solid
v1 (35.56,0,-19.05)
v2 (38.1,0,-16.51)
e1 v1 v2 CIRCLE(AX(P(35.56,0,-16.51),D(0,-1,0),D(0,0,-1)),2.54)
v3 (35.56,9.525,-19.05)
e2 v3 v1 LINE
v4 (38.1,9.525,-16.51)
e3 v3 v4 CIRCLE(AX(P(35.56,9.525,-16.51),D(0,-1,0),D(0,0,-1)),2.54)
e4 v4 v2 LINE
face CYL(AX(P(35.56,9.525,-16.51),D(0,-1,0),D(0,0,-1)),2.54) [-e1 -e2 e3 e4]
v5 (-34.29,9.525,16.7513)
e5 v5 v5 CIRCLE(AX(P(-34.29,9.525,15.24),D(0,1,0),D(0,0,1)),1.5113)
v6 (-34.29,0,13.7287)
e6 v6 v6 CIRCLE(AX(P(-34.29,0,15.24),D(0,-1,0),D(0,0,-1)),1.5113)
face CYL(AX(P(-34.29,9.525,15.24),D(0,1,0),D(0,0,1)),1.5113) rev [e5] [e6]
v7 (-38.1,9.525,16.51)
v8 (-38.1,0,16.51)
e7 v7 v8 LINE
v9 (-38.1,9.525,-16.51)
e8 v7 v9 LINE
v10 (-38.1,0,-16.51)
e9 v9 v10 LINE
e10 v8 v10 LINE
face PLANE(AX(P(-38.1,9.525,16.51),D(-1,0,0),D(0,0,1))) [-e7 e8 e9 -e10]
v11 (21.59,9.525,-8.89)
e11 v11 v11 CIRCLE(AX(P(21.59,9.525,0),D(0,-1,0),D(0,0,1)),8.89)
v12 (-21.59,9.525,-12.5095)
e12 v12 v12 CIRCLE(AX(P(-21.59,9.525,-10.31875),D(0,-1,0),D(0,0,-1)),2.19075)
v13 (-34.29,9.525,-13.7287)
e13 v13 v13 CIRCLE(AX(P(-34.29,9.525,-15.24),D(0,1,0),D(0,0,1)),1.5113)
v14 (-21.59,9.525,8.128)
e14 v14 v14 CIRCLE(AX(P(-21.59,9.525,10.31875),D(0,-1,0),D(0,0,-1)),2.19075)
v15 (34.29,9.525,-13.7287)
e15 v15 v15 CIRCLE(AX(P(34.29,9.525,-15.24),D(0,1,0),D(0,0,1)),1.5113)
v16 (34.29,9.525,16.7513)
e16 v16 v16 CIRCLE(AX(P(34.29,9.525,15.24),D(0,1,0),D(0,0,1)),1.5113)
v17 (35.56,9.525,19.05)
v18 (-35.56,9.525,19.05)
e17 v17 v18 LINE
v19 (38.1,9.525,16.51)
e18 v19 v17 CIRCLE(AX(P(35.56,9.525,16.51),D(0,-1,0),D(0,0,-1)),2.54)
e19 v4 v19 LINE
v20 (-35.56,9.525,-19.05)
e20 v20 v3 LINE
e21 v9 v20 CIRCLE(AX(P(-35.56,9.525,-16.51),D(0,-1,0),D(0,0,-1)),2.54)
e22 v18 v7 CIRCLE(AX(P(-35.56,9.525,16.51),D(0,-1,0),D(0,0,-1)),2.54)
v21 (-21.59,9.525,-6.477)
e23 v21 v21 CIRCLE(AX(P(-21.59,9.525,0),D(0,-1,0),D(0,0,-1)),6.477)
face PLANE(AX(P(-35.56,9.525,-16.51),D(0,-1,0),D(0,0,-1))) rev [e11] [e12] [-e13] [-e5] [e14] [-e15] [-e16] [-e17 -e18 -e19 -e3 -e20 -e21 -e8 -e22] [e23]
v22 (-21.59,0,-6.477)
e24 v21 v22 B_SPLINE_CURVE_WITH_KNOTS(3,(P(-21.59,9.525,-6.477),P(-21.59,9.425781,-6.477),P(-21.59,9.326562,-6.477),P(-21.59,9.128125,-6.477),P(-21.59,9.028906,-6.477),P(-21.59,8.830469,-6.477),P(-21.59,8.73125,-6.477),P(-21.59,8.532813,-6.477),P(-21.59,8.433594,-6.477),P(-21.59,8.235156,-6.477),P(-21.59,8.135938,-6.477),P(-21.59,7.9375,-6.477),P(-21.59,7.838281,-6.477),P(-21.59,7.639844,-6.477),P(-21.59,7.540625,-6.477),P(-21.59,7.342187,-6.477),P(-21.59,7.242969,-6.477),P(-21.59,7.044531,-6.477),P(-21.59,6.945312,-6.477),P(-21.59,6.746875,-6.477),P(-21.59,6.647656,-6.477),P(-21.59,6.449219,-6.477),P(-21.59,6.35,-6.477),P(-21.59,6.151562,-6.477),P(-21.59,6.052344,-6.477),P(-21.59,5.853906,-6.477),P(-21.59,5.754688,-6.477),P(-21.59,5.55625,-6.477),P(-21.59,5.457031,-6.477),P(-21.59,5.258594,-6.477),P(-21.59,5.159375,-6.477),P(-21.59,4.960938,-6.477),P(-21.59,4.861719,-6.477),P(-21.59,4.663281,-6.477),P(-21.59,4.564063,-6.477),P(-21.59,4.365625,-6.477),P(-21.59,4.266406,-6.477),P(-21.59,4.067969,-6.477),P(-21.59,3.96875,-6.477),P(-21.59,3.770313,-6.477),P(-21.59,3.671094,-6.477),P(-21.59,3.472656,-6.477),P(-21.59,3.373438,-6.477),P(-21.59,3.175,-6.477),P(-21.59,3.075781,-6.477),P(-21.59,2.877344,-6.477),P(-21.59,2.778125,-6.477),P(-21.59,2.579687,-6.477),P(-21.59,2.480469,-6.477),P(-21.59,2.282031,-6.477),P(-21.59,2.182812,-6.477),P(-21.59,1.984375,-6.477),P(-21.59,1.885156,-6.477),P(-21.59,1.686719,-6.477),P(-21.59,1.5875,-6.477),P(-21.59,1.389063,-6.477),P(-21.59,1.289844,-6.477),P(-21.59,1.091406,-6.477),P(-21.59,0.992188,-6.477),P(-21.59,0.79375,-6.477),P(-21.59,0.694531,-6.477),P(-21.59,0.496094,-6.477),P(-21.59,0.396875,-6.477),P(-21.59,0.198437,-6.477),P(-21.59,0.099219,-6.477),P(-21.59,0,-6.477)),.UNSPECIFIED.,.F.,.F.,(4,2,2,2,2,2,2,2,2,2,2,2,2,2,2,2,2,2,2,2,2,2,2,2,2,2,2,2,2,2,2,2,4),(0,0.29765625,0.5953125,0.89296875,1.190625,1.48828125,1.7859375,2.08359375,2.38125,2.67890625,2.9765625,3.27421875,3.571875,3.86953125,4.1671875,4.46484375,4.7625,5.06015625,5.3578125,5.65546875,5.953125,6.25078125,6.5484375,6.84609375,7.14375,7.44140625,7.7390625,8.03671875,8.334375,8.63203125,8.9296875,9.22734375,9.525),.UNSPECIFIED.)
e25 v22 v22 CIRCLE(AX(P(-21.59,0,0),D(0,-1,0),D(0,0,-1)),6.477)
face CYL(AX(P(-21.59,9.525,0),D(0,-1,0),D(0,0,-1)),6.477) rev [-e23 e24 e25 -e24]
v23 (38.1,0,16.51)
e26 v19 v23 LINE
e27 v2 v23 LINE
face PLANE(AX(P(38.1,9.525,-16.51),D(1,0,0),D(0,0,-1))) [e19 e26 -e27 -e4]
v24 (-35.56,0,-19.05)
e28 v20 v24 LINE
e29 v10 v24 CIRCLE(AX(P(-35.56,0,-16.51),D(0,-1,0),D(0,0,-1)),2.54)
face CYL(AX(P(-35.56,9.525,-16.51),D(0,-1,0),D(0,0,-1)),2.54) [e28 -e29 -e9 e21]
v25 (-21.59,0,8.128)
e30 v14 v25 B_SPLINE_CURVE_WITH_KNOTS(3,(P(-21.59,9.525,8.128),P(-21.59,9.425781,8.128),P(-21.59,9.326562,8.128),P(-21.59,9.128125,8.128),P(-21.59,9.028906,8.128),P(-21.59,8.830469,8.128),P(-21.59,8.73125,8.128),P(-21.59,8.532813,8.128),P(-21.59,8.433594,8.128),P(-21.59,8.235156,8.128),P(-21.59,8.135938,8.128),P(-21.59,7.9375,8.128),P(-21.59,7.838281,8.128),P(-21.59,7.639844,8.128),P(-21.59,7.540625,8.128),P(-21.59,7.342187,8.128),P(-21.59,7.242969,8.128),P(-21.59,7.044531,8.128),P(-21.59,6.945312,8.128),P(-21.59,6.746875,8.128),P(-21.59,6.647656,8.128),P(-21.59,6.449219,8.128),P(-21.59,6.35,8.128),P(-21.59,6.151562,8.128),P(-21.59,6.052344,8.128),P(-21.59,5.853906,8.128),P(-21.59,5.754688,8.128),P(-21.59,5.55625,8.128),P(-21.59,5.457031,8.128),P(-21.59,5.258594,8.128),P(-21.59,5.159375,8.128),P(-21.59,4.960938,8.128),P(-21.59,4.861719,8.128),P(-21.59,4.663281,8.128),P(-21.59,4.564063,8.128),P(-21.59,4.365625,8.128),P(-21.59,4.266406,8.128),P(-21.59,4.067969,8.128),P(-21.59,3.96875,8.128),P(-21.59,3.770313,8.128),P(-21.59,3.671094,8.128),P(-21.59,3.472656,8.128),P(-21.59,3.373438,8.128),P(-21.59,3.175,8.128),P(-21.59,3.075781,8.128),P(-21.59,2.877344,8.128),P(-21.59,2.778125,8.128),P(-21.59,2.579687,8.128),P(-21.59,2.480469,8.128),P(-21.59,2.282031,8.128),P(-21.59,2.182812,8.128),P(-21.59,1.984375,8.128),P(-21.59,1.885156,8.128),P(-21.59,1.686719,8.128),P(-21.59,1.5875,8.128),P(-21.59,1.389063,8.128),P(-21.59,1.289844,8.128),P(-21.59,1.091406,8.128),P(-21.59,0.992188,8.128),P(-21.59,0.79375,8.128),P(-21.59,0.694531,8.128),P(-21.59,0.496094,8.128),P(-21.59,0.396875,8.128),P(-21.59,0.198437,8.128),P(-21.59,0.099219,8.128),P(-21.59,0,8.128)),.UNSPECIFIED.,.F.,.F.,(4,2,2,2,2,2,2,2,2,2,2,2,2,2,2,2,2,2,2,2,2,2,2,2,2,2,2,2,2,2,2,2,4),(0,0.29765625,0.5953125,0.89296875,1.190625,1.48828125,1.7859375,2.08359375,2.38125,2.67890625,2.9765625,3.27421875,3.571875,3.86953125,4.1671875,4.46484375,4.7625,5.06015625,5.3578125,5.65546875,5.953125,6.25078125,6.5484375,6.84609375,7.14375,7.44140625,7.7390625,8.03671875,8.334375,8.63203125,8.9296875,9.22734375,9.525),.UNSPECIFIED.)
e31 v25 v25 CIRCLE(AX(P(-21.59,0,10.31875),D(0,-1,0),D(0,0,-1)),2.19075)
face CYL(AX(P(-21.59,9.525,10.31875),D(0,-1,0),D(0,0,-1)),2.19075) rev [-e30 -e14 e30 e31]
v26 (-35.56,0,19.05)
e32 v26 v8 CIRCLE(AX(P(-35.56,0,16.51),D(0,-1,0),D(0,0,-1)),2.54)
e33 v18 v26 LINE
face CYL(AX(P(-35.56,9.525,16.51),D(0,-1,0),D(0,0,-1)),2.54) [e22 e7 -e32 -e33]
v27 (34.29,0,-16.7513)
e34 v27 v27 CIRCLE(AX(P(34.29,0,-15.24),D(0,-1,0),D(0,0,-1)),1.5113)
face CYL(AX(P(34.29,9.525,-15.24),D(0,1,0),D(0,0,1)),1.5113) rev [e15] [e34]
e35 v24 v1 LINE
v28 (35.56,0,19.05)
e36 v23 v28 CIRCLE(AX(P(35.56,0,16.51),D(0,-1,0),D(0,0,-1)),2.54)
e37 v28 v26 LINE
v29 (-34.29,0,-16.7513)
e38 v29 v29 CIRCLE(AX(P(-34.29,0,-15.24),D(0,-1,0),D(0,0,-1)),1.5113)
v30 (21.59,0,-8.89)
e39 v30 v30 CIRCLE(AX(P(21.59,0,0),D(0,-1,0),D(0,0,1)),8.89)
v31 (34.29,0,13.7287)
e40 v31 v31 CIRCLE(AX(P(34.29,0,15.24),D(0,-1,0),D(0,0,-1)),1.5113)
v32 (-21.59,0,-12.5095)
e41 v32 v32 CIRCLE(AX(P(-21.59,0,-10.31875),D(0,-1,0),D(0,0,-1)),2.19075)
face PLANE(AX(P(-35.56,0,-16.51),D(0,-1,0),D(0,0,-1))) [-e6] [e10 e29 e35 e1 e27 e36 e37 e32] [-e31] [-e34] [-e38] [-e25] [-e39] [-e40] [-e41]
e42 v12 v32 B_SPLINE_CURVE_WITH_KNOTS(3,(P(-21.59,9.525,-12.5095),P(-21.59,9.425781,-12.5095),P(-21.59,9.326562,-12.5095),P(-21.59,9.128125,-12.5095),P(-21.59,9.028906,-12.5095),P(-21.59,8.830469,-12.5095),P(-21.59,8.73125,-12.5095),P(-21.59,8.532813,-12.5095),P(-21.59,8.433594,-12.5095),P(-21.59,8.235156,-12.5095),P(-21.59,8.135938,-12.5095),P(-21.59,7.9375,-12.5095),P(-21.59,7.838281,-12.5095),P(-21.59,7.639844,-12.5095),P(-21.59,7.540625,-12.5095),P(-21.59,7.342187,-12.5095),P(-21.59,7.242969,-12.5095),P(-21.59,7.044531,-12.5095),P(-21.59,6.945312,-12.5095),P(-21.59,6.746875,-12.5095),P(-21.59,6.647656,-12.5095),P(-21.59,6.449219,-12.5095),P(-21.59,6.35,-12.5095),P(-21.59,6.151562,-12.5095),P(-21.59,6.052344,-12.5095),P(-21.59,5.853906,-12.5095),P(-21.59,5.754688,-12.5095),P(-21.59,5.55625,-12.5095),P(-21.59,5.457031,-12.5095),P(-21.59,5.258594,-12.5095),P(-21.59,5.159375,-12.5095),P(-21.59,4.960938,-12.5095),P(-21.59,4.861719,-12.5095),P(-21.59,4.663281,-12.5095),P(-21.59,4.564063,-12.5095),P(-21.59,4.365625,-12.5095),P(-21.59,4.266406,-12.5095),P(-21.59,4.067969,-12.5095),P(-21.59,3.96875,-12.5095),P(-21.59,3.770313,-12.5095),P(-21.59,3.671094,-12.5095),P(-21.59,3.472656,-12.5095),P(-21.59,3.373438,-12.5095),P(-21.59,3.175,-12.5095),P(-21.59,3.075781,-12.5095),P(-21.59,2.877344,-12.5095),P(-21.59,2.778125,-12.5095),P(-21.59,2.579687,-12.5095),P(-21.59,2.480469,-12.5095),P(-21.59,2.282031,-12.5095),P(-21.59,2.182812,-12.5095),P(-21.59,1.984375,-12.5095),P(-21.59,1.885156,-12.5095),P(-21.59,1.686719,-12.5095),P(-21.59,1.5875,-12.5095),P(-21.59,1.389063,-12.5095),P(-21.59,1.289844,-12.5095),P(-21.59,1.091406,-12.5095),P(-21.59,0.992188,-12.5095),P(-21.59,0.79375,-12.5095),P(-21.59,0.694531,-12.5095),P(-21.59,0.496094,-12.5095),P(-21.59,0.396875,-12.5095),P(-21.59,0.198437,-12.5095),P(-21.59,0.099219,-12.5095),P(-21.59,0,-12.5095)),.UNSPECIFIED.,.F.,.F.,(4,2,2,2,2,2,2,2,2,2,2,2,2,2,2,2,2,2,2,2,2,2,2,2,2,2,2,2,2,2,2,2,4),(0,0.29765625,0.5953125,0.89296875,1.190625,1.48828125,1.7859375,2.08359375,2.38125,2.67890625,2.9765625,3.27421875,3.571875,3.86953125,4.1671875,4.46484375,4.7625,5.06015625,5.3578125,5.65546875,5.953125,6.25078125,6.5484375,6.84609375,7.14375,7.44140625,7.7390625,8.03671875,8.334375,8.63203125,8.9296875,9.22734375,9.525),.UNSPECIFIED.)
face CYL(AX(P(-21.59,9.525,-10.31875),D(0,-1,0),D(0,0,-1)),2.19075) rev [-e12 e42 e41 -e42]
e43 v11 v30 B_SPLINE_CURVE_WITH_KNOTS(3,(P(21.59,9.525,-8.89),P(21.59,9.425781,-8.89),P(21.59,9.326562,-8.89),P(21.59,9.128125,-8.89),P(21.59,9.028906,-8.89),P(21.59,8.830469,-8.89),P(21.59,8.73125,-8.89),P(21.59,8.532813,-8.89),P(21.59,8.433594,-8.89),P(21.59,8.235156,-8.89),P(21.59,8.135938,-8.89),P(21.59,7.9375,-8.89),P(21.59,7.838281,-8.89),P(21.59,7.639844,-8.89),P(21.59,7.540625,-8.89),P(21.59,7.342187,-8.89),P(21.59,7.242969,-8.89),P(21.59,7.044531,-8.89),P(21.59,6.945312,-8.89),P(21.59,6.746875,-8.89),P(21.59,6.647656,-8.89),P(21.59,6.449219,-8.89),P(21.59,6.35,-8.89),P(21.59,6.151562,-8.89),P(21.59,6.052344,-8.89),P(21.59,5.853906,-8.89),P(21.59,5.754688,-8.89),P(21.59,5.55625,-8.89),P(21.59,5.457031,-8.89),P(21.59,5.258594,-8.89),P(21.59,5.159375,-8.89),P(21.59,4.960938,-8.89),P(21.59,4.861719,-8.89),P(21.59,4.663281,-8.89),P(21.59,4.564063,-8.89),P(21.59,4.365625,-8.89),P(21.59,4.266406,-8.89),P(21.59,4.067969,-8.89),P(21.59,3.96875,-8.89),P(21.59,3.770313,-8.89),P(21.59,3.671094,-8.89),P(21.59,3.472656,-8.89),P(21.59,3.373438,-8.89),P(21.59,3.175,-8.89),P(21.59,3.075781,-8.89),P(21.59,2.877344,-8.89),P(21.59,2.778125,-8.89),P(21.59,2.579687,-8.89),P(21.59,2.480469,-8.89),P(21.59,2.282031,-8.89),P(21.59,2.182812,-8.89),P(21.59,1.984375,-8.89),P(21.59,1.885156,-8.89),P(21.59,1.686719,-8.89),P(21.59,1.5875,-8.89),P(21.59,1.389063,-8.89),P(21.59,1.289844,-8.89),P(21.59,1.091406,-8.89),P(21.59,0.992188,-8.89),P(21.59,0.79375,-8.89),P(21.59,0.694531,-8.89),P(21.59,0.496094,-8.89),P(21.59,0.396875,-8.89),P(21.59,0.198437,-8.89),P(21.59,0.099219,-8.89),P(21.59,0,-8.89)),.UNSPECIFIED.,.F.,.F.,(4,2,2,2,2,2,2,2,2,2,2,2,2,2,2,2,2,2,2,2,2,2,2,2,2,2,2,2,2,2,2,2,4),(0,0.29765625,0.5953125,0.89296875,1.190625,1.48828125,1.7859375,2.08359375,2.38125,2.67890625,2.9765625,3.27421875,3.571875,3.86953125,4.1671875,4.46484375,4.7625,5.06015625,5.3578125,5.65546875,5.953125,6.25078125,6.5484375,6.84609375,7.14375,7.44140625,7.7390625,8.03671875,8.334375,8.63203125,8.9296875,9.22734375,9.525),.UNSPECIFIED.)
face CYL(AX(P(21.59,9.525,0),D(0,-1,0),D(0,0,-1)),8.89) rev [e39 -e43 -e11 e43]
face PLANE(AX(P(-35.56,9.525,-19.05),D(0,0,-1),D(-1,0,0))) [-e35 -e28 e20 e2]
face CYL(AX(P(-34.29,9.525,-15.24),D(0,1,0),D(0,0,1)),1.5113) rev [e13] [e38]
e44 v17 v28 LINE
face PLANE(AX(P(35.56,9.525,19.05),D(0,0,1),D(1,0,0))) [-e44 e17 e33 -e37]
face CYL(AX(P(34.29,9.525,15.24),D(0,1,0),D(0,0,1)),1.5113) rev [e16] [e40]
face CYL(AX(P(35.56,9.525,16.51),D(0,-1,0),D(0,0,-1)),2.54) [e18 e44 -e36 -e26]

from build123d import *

# Parameters (mm, degrees)
SKETCH1_R                 = 6.477
SKETCH1_R_2               = 2.19075
SKETCH1_R_3               = 8.89
BOSS_EXTRUDE1_DEPTH       = 9.525
F_1_0MM_DOWEL_HOLE1_D     = 3.0226
F_1_0MM_DOWEL_HOLE1_DEPTH = 9.99998
F_1_0MM_DOWEL_HOLE1_TIP   = 0.908080654


with BuildPart() as part:
    # Sketch1 → Boss-Extrude1 (new body)
    with BuildSketch(Plane.XZ):
        with BuildLine():
            Line((-35.56, -19.05), (35.56, -19.05))
            ThreePointArc((35.56, -19.05), (37.356051224, -18.306051224), (38.1, -16.51))
            Line((38.1, -16.51), (38.1, 16.51))
            ThreePointArc((38.1, 16.51), (37.356051224, 18.306051224), (35.56, 19.05))
            Line((35.56, 19.05), (-35.56, 19.05))
            ThreePointArc((-35.56, 19.05), (-37.356051224, 18.306051224), (-38.1, 16.51))
            Line((-38.1, 16.51), (-38.1, -16.51))
            ThreePointArc((-38.1, -16.51), (-37.356051224, -18.306051224), (-35.56, -19.05))
        make_face()
        with Locations(Location((-21.59, 0, 0), (0, 0, 270))):
            Circle(SKETCH1_R, mode=Mode.SUBTRACT)
        with Locations(Location((-21.59, -10.31875, 0), (0, 0, 270))):
            Circle(SKETCH1_R_2, mode=Mode.SUBTRACT)
        with Locations(Location((-21.59, 10.31875, 0), (0, 0, 270))):
            Circle(SKETCH1_R_2, mode=Mode.SUBTRACT)
        with Locations(Location((21.59, 0, 0), (0, 0, 270))):
            Circle(SKETCH1_R_3, mode=Mode.SUBTRACT)
    extrude(amount=-BOSS_EXTRUDE1_DEPTH)

    # Ø1.0mm Dowel Hole1
    with Locations(Plane(origin=(0, 9.525, 0), x_dir=(1, 0, 0), z_dir=(0, 1, 0))):
        with Locations((-34.29, 15.24), (-34.29, -15.24), (34.29, -15.24), (34.29, 15.24)):
            Hole(F_1_0MM_DOWEL_HOLE1_D / 2, depth=F_1_0MM_DOWEL_HOLE1_DEPTH)
            with Locations((0, 0, -(F_1_0MM_DOWEL_HOLE1_DEPTH + F_1_0MM_DOWEL_HOLE1_TIP / 2))):  # 118° drill point
                Cone(0, F_1_0MM_DOWEL_HOLE1_D / 2, F_1_0MM_DOWEL_HOLE1_TIP, mode=Mode.SUBTRACT)


solid = part.part
